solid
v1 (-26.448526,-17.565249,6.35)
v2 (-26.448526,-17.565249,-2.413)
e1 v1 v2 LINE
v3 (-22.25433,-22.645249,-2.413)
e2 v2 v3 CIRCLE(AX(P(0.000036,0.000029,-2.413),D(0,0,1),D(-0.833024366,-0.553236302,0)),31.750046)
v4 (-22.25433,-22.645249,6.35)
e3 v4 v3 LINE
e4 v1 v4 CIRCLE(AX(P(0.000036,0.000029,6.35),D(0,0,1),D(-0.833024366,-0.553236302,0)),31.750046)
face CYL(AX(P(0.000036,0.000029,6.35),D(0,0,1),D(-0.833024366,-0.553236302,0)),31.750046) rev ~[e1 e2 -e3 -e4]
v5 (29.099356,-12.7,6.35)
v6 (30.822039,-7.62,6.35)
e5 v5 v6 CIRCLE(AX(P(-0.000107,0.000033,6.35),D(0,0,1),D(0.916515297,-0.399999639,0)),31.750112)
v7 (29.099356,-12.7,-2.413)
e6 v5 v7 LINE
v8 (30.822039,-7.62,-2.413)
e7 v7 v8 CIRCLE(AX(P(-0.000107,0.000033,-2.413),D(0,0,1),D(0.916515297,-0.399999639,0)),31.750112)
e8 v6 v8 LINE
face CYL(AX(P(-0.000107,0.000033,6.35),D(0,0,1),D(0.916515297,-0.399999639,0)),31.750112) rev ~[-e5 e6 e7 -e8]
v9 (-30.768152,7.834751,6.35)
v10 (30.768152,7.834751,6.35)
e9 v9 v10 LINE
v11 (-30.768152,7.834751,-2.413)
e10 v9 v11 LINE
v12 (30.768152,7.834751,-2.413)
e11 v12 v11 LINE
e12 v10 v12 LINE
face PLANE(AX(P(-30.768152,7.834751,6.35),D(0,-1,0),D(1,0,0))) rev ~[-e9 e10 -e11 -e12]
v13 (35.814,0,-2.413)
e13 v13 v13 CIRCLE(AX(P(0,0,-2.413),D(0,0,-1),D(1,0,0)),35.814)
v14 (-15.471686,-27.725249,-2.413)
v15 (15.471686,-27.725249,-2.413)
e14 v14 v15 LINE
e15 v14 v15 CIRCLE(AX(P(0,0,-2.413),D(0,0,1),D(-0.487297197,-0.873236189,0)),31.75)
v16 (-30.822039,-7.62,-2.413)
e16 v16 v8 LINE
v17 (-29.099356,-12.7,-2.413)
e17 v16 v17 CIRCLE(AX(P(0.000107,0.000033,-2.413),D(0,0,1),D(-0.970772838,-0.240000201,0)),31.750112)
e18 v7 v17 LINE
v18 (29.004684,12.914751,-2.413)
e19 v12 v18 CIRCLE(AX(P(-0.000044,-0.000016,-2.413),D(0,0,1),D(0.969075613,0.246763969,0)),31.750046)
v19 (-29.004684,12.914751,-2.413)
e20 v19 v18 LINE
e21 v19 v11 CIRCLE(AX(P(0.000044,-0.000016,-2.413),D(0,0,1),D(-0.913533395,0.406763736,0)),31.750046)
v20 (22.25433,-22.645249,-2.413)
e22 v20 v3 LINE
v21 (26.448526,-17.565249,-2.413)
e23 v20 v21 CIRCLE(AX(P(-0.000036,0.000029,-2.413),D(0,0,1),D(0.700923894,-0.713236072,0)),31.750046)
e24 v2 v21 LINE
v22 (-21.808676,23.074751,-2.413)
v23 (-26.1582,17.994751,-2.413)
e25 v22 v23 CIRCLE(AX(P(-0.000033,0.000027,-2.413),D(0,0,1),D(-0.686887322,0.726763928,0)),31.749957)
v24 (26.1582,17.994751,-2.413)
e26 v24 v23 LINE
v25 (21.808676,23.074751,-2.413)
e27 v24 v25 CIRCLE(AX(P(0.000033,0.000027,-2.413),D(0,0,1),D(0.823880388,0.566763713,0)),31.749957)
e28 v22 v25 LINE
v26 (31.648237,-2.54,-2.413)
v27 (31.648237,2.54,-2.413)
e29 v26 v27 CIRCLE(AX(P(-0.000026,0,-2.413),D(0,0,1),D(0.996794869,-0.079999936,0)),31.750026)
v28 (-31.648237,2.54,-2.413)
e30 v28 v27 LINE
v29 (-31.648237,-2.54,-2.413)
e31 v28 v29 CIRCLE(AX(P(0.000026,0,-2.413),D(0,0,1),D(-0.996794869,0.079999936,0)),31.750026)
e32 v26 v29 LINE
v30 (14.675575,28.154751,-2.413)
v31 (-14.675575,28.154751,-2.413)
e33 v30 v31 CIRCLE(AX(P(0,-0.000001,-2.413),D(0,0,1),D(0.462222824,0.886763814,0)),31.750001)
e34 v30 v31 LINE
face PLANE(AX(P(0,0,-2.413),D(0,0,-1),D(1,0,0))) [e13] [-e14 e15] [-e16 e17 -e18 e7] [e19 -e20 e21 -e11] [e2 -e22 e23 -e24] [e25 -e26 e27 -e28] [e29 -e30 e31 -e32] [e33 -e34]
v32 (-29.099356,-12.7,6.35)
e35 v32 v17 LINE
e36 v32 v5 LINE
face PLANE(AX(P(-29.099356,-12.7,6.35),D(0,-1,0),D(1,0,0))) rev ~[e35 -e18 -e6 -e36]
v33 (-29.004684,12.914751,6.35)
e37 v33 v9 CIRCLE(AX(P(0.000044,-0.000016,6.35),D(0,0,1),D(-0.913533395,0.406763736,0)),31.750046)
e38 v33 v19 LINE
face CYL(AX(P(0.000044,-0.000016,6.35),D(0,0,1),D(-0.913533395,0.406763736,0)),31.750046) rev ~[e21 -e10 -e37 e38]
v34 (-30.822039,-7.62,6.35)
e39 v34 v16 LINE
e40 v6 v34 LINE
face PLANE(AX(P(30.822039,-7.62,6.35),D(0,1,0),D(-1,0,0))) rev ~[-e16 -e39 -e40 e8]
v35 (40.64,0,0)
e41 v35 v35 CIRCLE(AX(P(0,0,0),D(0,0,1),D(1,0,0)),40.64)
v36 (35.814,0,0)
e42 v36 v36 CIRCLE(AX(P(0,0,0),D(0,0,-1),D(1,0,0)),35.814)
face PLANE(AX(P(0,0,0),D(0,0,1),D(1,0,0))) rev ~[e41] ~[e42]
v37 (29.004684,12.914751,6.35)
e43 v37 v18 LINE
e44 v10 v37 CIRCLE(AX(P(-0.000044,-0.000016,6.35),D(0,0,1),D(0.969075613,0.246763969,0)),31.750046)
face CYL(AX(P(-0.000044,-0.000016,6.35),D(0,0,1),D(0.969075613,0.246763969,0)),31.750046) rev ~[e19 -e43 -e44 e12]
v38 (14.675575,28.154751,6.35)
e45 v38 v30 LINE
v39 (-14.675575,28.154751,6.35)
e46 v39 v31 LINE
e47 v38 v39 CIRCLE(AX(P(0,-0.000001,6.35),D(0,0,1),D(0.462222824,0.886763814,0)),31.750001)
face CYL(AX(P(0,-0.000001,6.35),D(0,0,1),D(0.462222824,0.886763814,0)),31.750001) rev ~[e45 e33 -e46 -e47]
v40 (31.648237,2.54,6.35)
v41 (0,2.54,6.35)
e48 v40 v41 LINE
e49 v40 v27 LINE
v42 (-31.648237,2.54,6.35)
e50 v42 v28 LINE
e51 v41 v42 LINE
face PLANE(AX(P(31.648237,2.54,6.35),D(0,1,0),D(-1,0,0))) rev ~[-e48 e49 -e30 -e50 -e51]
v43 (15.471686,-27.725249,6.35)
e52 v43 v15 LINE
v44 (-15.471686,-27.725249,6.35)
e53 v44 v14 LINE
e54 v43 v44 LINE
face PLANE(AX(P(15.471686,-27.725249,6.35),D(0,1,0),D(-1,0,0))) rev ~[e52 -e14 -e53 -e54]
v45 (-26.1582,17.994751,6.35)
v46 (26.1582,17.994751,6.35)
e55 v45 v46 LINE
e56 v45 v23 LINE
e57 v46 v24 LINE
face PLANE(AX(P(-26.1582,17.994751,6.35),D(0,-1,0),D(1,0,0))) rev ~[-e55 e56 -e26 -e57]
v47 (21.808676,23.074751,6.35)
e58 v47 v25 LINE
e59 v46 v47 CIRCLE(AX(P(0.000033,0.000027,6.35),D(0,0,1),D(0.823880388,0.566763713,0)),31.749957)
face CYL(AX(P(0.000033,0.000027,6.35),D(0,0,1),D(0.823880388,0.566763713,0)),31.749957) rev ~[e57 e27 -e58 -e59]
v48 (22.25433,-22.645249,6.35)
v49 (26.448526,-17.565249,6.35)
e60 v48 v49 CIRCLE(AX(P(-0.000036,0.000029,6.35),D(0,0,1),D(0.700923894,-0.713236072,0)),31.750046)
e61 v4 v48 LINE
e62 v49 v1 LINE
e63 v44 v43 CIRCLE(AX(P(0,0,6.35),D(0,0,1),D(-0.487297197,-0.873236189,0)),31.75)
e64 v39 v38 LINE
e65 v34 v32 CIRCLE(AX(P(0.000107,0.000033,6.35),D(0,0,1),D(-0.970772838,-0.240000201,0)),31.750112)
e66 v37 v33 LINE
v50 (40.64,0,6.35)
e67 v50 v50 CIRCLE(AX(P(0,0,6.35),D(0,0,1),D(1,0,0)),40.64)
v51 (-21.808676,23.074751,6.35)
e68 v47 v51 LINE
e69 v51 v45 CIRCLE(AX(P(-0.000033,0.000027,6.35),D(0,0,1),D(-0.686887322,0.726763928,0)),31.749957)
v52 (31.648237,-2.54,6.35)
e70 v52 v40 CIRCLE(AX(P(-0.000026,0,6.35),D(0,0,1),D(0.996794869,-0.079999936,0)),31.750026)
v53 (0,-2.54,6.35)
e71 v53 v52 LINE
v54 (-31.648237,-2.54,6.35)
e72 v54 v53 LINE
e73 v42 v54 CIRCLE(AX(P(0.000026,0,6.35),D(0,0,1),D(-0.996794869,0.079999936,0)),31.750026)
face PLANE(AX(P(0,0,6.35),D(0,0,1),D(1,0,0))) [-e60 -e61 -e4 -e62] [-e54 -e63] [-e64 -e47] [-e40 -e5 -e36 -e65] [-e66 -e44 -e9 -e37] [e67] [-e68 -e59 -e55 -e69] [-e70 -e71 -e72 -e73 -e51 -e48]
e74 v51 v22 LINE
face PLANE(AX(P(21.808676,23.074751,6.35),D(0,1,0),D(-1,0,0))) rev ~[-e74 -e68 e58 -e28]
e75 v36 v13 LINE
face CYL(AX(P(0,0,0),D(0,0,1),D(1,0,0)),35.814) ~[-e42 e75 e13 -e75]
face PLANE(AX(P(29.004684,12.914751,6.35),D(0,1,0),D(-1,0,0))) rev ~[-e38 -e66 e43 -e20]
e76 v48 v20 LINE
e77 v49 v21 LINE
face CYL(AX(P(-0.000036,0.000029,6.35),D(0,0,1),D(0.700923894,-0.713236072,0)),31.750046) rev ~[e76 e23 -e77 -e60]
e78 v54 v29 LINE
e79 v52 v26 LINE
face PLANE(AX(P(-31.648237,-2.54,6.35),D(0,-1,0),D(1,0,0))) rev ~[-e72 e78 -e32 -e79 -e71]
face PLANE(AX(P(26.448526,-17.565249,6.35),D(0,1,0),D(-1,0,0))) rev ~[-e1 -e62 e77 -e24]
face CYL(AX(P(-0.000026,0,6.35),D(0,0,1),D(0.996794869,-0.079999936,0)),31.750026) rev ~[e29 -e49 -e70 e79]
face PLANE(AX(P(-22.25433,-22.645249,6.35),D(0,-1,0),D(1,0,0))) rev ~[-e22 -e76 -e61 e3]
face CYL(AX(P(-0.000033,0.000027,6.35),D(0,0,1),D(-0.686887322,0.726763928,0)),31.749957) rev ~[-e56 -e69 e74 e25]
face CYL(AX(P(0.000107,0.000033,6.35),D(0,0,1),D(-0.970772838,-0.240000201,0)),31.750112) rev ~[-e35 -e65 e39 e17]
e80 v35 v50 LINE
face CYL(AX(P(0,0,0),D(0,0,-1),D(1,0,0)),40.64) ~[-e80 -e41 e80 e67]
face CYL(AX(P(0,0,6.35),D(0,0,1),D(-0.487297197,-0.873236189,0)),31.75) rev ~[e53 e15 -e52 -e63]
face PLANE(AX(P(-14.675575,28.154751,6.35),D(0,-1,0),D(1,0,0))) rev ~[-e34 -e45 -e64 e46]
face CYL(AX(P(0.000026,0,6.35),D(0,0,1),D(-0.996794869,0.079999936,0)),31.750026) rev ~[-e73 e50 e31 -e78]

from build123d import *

# Parameters (mm, degrees)
F0_R     = 40.64
F0_R_2   = 2.54
F1_DEPTH = 6.35
F3_R     = 35.814
F4_DEPTH = 2.413
F5_DEPTH = 8.764


with BuildPart() as f1:
    # F0 (on Top) → F1 (new body)
    with BuildSketch(Plane.XY):
        Circle(F0_R)
        Circle(F0_R_2, mode=Mode.SUBTRACT)
    extrude(amount=F1_DEPTH)

    # F3 (on face) → F4 (join)
    with BuildSketch(Plane(origin=(0, 0, 0), x_dir=(1, 0, 0), z_dir=(0, 0, -1))):
        Circle(F3_R)
    extrude(amount=F4_DEPTH)

    # F2 (on face) → F5 (cut, through all)
    with BuildSketch(Plane.XY.offset(6.35)):
        with BuildLine():
            Line((-26.1582, 17.994751), (26.1582, 17.994751))
            ThreePointArc((26.1582, 17.994751), (24.117564, 20.649591), (21.808676, 23.074751))
            Line((21.808676, 23.074751), (-21.808676, 23.074751))
            ThreePointArc((-21.808676, 23.074751), (-24.117564, 20.649591), (-26.1582, 17.994751))
        make_face()
        with BuildLine():
            Line((0, 2.54), (-31.648237, 2.54))
            ThreePointArc((-31.648237, 2.54), (-31.75, 0), (-31.648237, -2.54))
            Line((-31.648237, -2.54), (31.648237, -2.54))
            ThreePointArc((31.648237, -2.54), (31.75, 0), (31.648237, 2.54))
            Line((31.648237, 2.54), (0, 2.54))
        make_face()
        with BuildLine():
            ThreePointArc((-29.004684, 12.914751), (-29.994159, 10.412152), (-30.768152, 7.834751))
            Line((-30.768152, 7.834751), (30.768152, 7.834751))
            ThreePointArc((30.768152, 7.834751), (29.994159, 10.412152), (29.004684, 12.914751))
            Line((29.004684, 12.914751), (-29.004684, 12.914751))
        make_face()
        with BuildLine():
            Line((-14.675575, 28.154751), (14.675575, 28.154751))
            ThreePointArc((14.675575, 28.154751), (0, 31.75), (-14.675575, 28.154751))
        make_face()
        with BuildLine():
            Line((30.822039, -7.62), (-30.822039, -7.62))
            ThreePointArc((-30.822039, -7.62), (-30.068172, -10.196446), (-29.099356, -12.7))
            Line((-29.099356, -12.7), (29.099356, -12.7))
            ThreePointArc((29.099356, -12.7), (30.068172, -10.196446), (30.822039, -7.62))
        make_face()
        with BuildLine():
            Line((26.448526, -17.565249), (-26.448526, -17.565249))
            ThreePointArc((-26.448526, -17.565249), (-24.483538, -20.214323), (-22.25433, -22.645249))
            Line((-22.25433, -22.645249), (22.25433, -22.645249))
            ThreePointArc((22.25433, -22.645249), (24.483538, -20.214323), (26.448526, -17.565249))
        make_face()
        with BuildLine():
            Line((15.471686, -27.725249), (-15.471686, -27.725249))
            ThreePointArc((-15.471686, -27.725249), (0, -31.75), (15.471686, -27.725249))
        make_face()
    extrude(amount=-F5_DEPTH, mode=Mode.SUBTRACT)


solid = f1.part
